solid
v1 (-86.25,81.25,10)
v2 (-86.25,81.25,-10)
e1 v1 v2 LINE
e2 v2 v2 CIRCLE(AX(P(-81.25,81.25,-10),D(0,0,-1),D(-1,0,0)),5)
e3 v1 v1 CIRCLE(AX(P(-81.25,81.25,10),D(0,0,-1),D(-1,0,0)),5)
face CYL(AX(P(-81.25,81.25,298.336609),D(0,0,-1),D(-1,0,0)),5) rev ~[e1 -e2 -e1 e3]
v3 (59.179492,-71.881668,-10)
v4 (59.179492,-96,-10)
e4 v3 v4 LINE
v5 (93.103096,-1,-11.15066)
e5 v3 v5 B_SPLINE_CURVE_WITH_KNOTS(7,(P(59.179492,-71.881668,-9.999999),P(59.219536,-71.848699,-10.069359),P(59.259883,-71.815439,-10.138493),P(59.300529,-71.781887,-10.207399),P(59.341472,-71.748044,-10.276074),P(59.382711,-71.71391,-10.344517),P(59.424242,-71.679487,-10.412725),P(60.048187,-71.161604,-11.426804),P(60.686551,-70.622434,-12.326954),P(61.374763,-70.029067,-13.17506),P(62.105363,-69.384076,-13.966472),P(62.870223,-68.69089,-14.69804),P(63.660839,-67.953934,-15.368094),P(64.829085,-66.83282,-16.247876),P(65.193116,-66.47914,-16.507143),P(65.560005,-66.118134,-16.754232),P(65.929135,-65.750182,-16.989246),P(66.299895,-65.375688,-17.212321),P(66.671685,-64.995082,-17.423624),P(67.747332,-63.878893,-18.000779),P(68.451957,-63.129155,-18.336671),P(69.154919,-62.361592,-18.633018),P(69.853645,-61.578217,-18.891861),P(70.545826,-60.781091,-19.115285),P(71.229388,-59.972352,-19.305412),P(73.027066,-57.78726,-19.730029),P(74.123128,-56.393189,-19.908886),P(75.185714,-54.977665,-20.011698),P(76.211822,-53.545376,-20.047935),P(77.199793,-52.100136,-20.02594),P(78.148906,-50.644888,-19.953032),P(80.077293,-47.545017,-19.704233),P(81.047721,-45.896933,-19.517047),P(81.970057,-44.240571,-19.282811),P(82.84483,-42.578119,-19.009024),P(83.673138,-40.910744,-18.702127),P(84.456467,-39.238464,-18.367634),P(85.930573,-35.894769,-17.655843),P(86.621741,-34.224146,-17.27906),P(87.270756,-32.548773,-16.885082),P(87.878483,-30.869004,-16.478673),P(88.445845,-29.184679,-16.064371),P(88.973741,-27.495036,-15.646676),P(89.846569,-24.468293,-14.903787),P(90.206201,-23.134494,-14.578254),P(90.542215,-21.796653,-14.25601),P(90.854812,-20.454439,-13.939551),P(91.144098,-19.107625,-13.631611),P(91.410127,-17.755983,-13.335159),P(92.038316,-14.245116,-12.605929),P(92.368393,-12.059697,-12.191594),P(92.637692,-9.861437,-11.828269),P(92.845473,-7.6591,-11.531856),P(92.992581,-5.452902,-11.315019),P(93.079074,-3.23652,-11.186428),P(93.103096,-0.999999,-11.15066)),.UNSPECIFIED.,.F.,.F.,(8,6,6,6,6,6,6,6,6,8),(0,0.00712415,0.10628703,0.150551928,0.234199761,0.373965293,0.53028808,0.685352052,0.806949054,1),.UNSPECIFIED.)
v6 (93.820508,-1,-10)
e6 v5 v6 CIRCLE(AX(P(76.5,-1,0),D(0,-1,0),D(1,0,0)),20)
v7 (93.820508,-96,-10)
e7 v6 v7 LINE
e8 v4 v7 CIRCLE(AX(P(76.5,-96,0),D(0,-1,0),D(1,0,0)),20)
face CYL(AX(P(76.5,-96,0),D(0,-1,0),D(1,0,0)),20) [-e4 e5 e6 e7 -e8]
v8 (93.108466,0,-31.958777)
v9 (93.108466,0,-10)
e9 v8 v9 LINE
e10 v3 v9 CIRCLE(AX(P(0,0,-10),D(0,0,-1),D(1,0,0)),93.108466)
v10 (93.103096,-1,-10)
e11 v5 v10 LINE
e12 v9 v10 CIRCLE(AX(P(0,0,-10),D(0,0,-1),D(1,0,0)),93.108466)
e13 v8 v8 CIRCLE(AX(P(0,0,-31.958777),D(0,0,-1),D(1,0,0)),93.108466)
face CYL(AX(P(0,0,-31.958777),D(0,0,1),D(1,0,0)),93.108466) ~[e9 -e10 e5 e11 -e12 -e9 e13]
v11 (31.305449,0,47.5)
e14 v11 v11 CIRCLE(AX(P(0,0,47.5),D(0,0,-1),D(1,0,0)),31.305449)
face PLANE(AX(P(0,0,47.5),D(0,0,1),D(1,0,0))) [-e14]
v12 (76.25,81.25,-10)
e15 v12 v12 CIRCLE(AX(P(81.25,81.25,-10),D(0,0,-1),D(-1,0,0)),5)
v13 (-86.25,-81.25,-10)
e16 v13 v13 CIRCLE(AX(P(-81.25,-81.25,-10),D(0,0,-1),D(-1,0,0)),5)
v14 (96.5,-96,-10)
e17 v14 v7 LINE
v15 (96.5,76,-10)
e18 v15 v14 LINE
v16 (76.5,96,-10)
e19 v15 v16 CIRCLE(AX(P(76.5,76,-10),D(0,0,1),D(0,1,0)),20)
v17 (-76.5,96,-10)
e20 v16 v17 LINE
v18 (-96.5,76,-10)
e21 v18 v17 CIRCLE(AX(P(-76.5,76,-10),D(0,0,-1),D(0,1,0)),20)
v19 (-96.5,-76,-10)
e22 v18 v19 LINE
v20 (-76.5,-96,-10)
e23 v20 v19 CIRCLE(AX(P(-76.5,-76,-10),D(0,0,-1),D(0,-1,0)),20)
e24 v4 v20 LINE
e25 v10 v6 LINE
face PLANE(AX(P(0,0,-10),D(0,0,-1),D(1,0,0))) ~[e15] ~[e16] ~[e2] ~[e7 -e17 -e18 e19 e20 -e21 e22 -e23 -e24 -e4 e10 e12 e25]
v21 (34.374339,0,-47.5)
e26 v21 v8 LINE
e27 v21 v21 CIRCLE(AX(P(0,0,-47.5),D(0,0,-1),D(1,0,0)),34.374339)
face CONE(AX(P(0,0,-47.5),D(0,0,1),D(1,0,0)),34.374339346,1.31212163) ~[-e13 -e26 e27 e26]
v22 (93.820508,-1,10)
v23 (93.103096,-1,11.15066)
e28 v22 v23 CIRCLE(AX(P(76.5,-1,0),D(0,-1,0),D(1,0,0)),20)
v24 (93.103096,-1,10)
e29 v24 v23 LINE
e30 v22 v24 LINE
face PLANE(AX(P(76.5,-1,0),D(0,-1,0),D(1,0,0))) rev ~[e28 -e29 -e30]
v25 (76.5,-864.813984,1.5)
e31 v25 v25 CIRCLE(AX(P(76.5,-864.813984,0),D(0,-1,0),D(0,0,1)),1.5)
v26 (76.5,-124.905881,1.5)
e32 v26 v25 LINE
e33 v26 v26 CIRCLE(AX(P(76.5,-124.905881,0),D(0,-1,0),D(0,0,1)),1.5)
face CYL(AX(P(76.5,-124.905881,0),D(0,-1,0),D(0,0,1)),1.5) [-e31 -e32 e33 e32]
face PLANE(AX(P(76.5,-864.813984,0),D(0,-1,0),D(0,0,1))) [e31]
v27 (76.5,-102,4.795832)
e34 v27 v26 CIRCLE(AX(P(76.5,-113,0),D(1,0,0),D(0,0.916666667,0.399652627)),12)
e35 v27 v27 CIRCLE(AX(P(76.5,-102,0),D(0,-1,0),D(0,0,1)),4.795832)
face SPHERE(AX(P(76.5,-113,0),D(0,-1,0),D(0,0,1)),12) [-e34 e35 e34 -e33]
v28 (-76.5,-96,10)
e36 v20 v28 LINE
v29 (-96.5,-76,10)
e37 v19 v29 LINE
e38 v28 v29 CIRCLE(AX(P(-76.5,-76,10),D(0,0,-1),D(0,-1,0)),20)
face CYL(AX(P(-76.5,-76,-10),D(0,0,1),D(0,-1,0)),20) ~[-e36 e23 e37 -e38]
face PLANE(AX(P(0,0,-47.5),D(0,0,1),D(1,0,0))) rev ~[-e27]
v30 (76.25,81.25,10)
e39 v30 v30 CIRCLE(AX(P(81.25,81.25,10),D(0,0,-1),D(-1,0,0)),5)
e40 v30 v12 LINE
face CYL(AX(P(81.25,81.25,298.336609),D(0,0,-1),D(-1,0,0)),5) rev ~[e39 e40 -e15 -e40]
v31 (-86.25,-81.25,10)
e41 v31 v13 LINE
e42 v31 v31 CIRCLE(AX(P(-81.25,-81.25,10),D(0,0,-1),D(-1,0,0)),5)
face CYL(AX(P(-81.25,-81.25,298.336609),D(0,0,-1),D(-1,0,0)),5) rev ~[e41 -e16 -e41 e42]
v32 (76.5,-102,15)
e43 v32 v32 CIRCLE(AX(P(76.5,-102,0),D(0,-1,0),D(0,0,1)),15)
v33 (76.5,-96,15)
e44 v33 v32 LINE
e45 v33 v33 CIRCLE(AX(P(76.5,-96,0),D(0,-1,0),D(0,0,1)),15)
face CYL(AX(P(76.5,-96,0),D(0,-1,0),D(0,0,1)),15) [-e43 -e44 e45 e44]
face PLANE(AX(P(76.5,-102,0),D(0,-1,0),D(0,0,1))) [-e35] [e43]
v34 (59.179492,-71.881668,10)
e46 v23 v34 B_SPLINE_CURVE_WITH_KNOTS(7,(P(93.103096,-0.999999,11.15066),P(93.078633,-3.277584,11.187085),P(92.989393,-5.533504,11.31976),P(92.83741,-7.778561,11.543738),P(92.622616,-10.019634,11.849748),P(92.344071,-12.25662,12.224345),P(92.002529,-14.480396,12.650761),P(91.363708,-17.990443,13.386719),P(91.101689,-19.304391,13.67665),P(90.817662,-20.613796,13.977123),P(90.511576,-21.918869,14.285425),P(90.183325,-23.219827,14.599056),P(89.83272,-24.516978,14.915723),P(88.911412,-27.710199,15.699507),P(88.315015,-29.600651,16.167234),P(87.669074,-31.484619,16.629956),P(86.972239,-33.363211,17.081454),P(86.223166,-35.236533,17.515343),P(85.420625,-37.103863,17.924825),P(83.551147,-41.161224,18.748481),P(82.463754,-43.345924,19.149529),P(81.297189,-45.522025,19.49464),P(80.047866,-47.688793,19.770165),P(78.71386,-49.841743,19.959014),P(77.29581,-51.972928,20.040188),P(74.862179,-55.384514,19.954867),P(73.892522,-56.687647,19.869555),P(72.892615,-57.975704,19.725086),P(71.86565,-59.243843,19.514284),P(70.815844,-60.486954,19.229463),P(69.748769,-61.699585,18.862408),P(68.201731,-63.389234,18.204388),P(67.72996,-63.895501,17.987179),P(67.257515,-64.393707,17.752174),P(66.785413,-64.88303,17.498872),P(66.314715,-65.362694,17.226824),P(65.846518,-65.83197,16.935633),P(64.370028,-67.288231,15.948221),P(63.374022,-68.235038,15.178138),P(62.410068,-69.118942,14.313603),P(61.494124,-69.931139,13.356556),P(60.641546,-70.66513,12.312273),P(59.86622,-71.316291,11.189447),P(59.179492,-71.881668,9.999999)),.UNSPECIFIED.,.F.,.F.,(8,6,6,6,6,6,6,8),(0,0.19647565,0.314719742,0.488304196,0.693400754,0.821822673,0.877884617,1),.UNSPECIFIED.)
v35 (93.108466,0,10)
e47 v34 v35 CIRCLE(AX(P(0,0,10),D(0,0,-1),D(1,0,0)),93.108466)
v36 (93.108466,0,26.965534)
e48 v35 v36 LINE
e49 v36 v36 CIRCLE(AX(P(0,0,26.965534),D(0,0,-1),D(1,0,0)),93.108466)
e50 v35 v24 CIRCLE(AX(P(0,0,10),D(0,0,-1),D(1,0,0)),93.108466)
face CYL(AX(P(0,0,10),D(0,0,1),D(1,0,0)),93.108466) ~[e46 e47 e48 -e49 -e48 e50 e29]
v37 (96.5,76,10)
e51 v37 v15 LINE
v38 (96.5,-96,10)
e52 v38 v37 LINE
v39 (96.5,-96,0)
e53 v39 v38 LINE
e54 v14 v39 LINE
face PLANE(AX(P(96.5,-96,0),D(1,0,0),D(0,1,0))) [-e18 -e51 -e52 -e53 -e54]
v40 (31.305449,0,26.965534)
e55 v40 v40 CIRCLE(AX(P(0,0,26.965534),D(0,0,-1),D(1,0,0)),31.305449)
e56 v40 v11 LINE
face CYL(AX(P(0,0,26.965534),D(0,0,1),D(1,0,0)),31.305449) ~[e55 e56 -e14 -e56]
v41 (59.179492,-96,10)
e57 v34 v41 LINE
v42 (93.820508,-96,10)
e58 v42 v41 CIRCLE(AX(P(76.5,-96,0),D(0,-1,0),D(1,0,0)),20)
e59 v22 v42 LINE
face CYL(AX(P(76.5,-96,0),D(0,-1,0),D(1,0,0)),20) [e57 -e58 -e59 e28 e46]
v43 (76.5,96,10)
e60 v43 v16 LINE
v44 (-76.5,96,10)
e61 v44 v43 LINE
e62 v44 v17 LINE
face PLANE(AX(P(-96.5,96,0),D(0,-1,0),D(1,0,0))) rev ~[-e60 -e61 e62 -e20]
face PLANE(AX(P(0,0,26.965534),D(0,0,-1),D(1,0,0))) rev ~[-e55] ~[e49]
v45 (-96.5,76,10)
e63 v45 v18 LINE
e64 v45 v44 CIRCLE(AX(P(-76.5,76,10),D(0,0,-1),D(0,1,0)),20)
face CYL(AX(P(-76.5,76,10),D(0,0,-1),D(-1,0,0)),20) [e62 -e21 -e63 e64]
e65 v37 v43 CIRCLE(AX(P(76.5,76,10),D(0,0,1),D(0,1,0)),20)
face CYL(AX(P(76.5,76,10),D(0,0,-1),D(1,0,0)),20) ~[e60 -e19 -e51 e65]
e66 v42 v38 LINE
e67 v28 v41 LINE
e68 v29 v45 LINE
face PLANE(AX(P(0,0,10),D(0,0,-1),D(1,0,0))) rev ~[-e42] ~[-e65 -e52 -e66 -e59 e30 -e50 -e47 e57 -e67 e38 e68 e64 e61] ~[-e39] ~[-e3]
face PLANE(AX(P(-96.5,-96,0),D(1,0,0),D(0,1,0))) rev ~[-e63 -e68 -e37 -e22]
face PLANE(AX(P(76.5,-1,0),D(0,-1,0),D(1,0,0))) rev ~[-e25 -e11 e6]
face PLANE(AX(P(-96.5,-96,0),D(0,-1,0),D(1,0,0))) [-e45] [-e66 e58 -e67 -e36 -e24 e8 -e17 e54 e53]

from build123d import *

# Parameters (mm, degrees)
SZKIC1_W                    = 193
SZKIC1_H                    = 192
DODANIE_WYCI_GNI_CIE1_DEPTH = 47.5
OTW_R_10_0_10_1_D           = 10
SZKIC5_R                    = 20
DODANIE_WYCI_GNI_CIE2_DEPTH = 95
ZAOKR_GLENIE1_R             = 20


with BuildPart() as part:
    # Szkic1 → Dodanie-wyciągnięcie1 (new, symmetric)
    with BuildSketch(Plane.XY):
        Rectangle(SZKIC1_W, SZKIC1_H)
    extrude(amount=DODANIE_WYCI_GNI_CIE1_DEPTH, both=True)

    # Szkic2 → Wycięcie-obrót1 (revolve, cut)
    with BuildSketch(Plane(origin=(0, 0, 0), x_dir=(1, 0, 0), z_dir=(0, 1, 0))):
        Polygon((-93.108465818, -10), (-93.108465818, -26.965533902), (-31.305449461, -26.965533902), (-31.305449461, -47.5), (-96.5, -47.5), (-149.784754378, -47.5), (-149.784754378, -10), align=None)
        Polygon((-93.108465818, 10), (-149.784754378, 10), (-149.784754378, 64.69075005), (-34.374339346, 64.69075005), (-34.374339346, 47.5), (-93.108465818, 31.958776917), align=None)
    revolve(axis=Axis((0, 0, 0), (0, 0, -1)), mode=Mode.SUBTRACT)

    # Otwór Ø10.0 (10)1 (through all)
    with Locations(Plane.XY.offset(10)):
        with Locations((-81.25, 81.25), (81.25, 81.25), (-81.25, -81.25)):
            Hole(OTW_R_10_0_10_1_D / 2)

    # Szkic5 → Dodanie-wyciągnięcie2 (add)
    with BuildSketch(Plane.XZ.offset(96)):
        with Locations((76.5, 0)):
            Circle(SZKIC5_R)
    extrude(amount=-DODANIE_WYCI_GNI_CIE2_DEPTH)

    # Zaokrąglenie1
    zaokr_glenie1_edges = [part.edges().sort_by_distance(p)[0] for p in [
        (-96.5, -96, 0),
        (-96.5, 96, 0),
        (96.5, 96, 0),
    ]]
    fillet(zaokr_glenie1_edges, radius=ZAOKR_GLENIE1_R)

    # Szkic6 → Obrót1 (revolve)
    with BuildSketch(Plane.XY):
        with BuildLine():
            Line((76.5, -96), (91.5, -96))
            Line((91.5, -96), (91.5, -102))
            Line((91.5, -102), (81.295831523, -102))
            ThreePointArc((81.295831523, -102), (88.377677323, -114.709029376), (78, -124.9058809))
            Line((78, -124.9058809), (78, -864.813984477))
            Line((78, -864.813984477), (76.5, -864.813984477))
            Line((76.5, -864.813984477), (76.5, -96))
        make_face()
    revolve(axis=Axis((76.5, -95.828898057, 0), (0, -1, 0)))


solid = part.part
